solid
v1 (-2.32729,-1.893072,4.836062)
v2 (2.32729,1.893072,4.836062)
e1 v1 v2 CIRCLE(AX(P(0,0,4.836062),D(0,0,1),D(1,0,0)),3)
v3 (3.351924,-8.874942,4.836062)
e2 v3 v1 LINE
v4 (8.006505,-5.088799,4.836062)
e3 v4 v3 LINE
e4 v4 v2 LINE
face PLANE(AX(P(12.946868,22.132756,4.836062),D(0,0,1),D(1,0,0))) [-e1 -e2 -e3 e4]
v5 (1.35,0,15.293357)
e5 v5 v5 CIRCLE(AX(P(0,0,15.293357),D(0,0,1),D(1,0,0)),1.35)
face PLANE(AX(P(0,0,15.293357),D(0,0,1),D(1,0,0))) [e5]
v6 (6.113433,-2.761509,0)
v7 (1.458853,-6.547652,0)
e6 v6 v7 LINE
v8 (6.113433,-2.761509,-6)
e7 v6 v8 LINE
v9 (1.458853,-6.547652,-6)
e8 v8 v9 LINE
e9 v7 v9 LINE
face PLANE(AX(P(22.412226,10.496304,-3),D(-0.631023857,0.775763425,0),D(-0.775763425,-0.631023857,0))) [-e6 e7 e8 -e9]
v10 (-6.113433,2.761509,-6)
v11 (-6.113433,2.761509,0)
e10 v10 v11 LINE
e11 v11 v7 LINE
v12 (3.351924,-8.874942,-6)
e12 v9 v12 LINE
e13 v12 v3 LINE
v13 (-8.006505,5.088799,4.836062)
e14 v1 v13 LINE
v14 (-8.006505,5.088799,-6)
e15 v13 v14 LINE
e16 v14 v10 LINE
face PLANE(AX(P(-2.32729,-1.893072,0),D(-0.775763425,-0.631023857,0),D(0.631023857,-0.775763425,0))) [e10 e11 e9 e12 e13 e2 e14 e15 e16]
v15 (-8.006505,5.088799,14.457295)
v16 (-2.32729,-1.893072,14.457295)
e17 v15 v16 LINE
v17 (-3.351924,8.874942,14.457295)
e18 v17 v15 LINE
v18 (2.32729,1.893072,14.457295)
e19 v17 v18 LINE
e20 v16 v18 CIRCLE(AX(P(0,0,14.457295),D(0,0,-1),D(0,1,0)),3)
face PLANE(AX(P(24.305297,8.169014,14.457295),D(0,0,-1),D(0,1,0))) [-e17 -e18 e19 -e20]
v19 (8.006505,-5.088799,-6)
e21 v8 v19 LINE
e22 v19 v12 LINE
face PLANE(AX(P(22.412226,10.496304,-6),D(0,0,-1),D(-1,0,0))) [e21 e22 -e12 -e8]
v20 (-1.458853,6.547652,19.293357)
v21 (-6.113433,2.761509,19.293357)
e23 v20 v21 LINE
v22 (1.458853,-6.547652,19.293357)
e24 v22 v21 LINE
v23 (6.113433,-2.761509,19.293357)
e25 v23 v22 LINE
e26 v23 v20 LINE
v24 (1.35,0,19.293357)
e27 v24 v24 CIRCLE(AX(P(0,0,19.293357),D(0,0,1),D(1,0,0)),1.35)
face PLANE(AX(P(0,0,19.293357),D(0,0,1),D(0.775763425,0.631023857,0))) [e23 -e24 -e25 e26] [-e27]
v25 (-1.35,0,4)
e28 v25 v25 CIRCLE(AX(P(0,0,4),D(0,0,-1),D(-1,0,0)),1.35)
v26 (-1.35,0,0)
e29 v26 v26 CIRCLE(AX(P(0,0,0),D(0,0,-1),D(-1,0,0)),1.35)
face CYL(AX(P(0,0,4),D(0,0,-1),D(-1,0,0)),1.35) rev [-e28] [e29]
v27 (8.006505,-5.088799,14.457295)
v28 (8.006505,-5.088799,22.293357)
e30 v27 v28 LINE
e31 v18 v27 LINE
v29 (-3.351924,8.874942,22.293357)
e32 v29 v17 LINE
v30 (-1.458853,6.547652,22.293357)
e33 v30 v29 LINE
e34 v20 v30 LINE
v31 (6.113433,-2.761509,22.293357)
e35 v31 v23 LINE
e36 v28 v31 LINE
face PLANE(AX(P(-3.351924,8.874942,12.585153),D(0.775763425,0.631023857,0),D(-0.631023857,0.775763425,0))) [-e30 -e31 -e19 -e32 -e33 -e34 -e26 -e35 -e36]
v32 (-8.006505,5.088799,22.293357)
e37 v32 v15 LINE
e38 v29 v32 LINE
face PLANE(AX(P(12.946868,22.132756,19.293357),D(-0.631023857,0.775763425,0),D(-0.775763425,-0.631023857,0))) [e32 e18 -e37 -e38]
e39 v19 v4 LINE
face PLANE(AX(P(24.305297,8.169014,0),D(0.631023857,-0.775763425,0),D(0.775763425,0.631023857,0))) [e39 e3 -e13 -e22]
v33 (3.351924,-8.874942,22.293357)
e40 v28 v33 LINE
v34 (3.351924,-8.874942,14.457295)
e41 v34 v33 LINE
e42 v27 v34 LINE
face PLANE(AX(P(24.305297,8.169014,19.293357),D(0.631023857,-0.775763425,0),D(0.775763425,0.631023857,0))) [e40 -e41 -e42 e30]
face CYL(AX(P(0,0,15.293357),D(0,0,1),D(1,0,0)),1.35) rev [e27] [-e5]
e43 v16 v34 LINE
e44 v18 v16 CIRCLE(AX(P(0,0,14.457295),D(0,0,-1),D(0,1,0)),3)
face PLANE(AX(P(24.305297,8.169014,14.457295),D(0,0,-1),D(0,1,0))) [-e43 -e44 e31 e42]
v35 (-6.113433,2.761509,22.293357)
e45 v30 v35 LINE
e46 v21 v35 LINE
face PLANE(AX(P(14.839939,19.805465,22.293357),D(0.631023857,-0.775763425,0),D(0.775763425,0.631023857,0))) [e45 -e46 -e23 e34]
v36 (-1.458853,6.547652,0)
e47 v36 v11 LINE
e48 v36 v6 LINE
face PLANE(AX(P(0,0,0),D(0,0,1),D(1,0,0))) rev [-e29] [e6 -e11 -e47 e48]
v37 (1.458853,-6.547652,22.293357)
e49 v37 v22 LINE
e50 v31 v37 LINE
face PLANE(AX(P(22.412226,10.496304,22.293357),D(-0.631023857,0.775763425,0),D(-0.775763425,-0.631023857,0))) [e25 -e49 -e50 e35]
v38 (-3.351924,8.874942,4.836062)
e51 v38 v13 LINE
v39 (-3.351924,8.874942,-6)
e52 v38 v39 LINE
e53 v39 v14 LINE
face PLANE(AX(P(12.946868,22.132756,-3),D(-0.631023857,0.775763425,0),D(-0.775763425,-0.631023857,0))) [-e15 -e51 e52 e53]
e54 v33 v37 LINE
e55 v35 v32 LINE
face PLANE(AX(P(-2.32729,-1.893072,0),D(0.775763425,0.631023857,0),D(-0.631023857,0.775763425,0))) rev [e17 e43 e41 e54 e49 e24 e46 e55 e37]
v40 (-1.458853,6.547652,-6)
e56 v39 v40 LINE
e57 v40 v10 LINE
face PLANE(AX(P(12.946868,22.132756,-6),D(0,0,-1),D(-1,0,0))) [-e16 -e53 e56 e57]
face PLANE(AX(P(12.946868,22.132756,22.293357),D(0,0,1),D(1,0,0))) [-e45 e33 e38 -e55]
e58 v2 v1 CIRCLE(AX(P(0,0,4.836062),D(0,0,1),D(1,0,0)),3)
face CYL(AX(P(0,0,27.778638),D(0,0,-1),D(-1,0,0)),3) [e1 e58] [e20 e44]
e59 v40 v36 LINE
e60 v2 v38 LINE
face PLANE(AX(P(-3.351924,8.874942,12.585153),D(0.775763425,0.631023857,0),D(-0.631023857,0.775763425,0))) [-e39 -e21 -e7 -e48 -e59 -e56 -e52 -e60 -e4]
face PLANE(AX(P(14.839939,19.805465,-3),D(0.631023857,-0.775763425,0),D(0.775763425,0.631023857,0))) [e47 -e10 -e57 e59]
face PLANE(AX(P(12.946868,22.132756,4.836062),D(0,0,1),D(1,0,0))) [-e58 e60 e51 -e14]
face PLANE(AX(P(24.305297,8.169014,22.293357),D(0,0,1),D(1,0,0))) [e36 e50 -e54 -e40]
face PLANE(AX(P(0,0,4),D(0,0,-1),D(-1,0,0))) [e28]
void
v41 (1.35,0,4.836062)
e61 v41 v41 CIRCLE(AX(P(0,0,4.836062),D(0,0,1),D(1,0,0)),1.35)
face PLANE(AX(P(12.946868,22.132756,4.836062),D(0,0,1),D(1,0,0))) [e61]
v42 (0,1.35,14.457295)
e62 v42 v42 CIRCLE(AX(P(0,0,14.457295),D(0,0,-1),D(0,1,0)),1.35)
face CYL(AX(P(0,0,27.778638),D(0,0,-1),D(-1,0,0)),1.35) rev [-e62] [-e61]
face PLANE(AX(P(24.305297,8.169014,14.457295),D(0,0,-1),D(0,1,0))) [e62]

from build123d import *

# Parameters (mm, degrees)
SKETCH1_R           = 3
SKETCH1_R_2         = 1.35
BOSS_EXTRUDE1_DEPTH = 19.293356838
BOSS_EXTRUDE2_DEPTH = 6
CUT_EXTRUDE1_START  = -4
SKETCH3_R           = 1.35
CUT_EXTRUDE1_DEPTH  = 4
SKETCH4_R           = 1.35
CUT_EXTRUDE2_DEPTH  = 4


with BuildPart() as part:
    # Sketch1 → Boss-Extrude1 (new body)
    with BuildSketch(Plane.XY):
        Circle(SKETCH1_R)
        with Locations(Location((0, 0, 0), (0, 0, 39.125701285))):
            Circle(SKETCH1_R_2, mode=Mode.SUBTRACT)
    extrude(amount=BOSS_EXTRUDE1_DEPTH)

    # Sketch2 → Boss-Extrude2 (add)
    with BuildSketch(Plane(origin=(-2.327290276, -1.89307157, 0), x_dir=(0, 0, 1), z_dir=(-0.7757634254674072, -0.6310238566861593, 0))):
        Polygon((14.457294983, 3), (14.457294983, -3), (14.457294983, -9), (19.293356838, -9), (22.293356838, -9), (22.293356838, -6), (19.293356838, -6), (19.293356838, -3), (19.293356838, 3), (19.293356838, 6), (22.293356838, 6), (22.293356838, 9), (19.293356838, 9), (14.457294983, 9), align=None)
        Polygon((0, -9), (-3, -9), (-6, -9), (-6, -6), (-3, -6), (0, -6), (0, -3), (0, 3), (0, 6), (-3, 6), (-6, 6), (-6, 9), (-3, 9), (0, 9), (4.836061855, 9), (4.836061855, 3), (4.836061855, -3), (4.836061855, -9), align=None)
    extrude(amount=-BOSS_EXTRUDE2_DEPTH)

    # Sketch3 → Cut-Extrude1 (cut)
    with BuildSketch(Plane.XY.offset(19.293356838).offset(CUT_EXTRUDE1_START)):
        Circle(SKETCH3_R)
    extrude(amount=CUT_EXTRUDE1_DEPTH, mode=Mode.SUBTRACT)

    # Sketch4 → Cut-Extrude2 (cut)
    with BuildSketch(Plane(origin=(0, 0, 0), x_dir=(-1, 0, 0), z_dir=(0, 0, -1))):
        with Locations(Location((0, 0, 0), (0, 0, 180))):
            Circle(SKETCH4_R)
    extrude(amount=-CUT_EXTRUDE2_DEPTH, mode=Mode.SUBTRACT)


solid = part.part
